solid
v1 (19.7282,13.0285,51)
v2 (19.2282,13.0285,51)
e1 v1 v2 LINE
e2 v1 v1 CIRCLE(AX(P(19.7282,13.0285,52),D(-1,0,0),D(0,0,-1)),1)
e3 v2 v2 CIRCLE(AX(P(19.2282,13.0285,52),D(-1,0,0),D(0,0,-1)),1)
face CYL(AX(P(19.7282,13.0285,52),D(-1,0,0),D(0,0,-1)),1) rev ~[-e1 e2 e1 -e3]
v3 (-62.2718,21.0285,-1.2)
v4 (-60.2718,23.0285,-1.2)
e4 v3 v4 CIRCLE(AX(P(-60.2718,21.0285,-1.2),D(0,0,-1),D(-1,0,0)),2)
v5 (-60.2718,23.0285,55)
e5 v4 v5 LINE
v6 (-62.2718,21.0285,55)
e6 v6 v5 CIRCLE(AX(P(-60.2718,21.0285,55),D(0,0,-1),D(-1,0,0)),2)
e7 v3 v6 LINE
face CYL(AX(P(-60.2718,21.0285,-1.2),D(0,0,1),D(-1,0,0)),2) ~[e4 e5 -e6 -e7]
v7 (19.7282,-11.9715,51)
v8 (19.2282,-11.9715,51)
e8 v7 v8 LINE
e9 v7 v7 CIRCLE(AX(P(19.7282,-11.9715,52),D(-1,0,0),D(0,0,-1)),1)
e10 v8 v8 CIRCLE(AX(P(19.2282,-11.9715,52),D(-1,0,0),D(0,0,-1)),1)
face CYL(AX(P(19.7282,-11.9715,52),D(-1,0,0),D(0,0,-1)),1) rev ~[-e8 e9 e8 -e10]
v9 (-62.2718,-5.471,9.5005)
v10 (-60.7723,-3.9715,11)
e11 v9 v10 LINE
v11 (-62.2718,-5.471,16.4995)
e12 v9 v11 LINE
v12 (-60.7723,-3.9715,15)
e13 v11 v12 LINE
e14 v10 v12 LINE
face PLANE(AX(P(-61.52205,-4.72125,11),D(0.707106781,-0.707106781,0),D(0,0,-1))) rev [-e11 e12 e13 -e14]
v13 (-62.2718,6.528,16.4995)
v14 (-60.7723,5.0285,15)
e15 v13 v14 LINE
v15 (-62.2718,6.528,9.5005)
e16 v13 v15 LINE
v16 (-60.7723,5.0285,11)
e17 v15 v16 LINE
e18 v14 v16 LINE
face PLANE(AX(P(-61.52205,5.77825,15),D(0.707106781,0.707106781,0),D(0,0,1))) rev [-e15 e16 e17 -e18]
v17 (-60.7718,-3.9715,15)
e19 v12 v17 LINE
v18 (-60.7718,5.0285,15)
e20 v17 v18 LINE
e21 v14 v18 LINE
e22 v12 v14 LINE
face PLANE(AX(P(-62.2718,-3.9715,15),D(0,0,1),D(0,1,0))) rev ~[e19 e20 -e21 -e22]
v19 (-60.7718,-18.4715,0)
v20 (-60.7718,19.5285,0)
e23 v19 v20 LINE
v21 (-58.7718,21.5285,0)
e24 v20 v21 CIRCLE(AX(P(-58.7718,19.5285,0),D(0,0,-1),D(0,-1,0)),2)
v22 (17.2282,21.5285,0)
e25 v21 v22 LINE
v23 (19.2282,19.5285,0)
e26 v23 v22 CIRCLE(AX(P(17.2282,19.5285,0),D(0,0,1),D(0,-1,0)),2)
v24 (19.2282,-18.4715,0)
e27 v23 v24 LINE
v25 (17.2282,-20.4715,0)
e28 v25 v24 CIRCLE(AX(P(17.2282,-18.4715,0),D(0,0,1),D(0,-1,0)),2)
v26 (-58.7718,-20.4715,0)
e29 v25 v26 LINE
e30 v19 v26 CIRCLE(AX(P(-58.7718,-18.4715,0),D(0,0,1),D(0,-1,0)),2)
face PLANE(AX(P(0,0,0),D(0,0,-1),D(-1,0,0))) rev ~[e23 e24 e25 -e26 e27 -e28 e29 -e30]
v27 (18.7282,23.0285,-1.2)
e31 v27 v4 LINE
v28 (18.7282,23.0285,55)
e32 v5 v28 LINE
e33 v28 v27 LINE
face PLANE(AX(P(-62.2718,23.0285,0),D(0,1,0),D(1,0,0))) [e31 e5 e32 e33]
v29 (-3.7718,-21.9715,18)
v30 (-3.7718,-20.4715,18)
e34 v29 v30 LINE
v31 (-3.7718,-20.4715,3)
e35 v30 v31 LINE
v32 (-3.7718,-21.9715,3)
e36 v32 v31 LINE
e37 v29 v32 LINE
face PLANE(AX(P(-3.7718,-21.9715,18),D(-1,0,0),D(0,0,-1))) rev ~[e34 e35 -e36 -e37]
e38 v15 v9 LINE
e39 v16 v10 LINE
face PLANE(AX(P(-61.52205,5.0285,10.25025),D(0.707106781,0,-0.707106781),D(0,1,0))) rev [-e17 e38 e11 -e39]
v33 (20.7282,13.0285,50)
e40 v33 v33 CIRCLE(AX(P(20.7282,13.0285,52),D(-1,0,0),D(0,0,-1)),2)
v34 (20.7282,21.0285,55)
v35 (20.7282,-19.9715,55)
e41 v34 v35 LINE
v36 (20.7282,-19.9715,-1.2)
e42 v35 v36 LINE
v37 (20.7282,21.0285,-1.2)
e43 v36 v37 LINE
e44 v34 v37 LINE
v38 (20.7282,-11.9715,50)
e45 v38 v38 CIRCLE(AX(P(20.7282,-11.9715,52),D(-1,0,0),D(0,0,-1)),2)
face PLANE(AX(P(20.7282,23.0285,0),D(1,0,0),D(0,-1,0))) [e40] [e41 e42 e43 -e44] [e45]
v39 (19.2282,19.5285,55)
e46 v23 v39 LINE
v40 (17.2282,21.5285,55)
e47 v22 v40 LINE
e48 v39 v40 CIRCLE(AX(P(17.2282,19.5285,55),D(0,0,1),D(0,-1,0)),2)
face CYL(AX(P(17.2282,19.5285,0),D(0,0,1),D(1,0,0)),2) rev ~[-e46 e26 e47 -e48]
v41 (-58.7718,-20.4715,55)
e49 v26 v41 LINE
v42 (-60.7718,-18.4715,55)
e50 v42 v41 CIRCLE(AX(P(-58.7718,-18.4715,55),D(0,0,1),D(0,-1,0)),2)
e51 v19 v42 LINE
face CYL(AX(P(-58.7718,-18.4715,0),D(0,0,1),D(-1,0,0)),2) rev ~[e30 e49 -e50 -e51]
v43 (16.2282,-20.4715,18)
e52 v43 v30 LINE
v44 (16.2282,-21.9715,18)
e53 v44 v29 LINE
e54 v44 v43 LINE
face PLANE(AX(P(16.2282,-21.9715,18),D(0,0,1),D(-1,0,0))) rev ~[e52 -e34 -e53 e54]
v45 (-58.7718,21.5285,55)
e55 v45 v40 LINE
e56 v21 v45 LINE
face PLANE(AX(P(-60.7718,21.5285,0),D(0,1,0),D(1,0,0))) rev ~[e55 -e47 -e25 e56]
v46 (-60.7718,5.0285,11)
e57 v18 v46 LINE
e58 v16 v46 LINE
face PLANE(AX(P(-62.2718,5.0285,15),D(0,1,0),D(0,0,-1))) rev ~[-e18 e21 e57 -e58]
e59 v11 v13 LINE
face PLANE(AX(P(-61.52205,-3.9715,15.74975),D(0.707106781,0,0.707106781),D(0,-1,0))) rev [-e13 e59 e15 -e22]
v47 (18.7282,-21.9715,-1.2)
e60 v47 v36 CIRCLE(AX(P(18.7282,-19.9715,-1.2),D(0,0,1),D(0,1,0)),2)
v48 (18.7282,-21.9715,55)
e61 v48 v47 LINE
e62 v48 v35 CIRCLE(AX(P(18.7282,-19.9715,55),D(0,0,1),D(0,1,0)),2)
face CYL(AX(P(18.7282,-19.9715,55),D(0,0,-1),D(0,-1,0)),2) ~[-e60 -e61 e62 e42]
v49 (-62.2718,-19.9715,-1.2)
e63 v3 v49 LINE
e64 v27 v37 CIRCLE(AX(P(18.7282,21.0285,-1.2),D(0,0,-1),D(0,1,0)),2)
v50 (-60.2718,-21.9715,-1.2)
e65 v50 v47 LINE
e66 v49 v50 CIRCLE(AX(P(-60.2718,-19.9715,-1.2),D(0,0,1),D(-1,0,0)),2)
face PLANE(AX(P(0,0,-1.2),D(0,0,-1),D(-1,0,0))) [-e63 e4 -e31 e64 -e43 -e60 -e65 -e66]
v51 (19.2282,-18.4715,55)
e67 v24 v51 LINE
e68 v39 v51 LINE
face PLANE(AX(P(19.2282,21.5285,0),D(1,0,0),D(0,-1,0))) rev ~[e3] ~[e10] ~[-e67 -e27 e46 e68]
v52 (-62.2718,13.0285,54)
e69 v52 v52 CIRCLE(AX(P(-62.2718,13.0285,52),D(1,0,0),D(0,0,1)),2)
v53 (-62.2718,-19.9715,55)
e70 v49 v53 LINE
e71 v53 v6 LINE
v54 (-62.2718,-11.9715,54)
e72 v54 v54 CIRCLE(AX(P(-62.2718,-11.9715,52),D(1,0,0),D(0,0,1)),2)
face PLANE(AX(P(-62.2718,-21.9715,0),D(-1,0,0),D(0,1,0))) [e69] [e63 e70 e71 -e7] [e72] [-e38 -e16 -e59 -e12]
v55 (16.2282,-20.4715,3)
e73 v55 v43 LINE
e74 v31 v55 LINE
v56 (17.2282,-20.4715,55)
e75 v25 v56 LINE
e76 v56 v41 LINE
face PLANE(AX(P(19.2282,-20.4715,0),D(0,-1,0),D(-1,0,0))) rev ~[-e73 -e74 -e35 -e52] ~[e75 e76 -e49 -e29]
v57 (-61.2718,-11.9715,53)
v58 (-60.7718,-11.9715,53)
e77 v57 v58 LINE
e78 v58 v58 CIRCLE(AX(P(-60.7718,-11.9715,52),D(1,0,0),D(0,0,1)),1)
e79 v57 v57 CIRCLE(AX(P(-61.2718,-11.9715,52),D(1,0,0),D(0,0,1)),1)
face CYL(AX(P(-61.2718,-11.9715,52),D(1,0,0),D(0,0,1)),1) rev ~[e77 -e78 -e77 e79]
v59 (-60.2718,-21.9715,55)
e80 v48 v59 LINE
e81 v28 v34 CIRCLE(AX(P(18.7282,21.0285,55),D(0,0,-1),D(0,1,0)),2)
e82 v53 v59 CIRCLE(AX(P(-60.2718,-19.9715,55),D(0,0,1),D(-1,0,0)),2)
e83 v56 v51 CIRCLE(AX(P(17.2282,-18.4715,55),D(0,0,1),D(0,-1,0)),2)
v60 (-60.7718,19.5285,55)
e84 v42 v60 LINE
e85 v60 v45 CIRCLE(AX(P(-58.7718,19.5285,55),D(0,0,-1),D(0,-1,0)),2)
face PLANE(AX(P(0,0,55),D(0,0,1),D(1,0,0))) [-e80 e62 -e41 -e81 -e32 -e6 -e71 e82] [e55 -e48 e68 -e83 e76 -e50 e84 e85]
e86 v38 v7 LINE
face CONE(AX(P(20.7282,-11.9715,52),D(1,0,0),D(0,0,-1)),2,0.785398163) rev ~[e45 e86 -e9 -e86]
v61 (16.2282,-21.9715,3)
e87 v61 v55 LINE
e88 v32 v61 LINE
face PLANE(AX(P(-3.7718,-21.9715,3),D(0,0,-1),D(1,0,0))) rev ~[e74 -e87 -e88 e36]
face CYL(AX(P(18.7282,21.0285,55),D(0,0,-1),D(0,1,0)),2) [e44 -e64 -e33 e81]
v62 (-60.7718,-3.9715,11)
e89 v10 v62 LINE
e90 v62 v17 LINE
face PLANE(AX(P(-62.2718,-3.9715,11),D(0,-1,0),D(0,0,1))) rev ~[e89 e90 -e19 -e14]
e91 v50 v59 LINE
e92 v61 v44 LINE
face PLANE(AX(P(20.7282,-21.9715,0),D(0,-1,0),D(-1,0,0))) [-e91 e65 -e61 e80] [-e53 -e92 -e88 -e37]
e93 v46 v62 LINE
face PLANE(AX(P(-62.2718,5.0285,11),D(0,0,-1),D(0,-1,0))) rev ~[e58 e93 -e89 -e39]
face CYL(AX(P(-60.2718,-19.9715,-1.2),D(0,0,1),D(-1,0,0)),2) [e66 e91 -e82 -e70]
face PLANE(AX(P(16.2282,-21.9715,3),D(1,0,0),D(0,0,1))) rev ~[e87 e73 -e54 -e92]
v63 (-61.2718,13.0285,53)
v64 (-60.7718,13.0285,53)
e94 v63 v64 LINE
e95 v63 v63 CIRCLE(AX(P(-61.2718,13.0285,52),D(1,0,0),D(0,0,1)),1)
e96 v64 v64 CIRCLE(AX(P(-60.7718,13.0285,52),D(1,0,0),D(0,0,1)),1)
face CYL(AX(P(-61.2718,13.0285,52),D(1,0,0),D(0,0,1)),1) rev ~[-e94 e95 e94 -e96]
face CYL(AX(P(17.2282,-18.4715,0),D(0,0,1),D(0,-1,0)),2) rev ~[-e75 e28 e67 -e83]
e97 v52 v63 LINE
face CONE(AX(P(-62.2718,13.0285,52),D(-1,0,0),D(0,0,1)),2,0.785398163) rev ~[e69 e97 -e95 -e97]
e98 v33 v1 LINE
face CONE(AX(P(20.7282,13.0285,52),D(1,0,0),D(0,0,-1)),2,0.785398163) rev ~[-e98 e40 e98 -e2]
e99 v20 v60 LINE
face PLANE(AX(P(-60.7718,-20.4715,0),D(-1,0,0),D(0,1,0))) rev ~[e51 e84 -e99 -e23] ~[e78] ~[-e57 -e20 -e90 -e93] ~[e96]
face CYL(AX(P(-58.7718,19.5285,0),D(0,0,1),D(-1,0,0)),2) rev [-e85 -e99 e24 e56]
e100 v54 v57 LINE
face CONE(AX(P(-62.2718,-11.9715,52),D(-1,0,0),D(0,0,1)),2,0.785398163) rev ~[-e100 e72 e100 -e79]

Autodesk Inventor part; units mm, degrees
ref_plane "YZ Plane" through (0, 0, 0) normal (1, 0, 0) x (0, 1, 0)
ref_plane "XZ Plane" through (0, 0, 0) normal (0, 1, 0) x (-1, 0, 0)
ref_plane "XY Plane" through (0, 0, 0) normal (0, 0, 1) x (1, 0, 0)
sketch "Sketch1" plane through (0, 0, 0) normal (0, 0, 1) x (1, 0, 0)
  line L0 (-60.7718, 21.5285) -> (19.2282, 21.5285)
  line L1 (19.2282, 21.5285) -> (19.2282, -20.4715)
  line L2 (19.2282, -20.4715) -> (-60.7718, -20.4715)
  line L3 (-60.7718, -20.4715) -> (-60.7718, 21.5285)
  line L4 (-62.2718, 23.0285) -> (20.7282, 23.0285)
  line L5 (20.7282, 23.0285) -> (20.7282, -21.9715)
  line L6 (20.7282, -21.9715) -> (-62.2718, -21.9715)
  line L7 (-62.2718, -21.9715) -> (-62.2718, 23.0285)
  point P0 (0, 0)
  dimension "d0" = 80
  dimension "d1" = 42
  dimension "d2" = 1.5
  dimension "d3" = 1.5
  dimension "d4" = 1.5
  dimension "d5" = 1.5
extrude "Extrusion1" add sketch "Sketch1" along normal blind 55
sketch "Sketch2" plane through (0, 0, 0) normal (0, 0, -1) x (-1, 0, 0)
  line L0 (-20.7282, 23.0285) -> (62.2718, 23.0285) projected
  line L1 (62.2718, -21.9715) -> (-20.7282, -21.9715) projected
  line L2 (-20.7282, 23.0285) -> (62.2718, 23.0285)
  line L3 (62.2718, 23.0285) -> (62.2718, -21.9715)
  line L4 (62.2718, -21.9715) -> (-20.7282, -21.9715)
  line L5 (-20.7282, -21.9715) -> (-20.7282, 23.0285)
  point P0 (0, 0)
  point P1 (62.2718, 23.0285)
extrude "Extrusion2" add sketch "Sketch2" along normal blind 1.2
sketch "Sketch3" plane through (-62.2718, -21.9715, 55) normal (-1, 0, 0) x (0, 0, 1)
  line L0 (-40, 27) -> (-44, 27)
  line L1 (-44, 27) -> (-44, 18)
  line L2 (-44, 18) -> (-40, 18)
  line L3 (-40, 18) -> (-40, 27)
  line L4 (-55, 1.5) -> (-55, 43.5) projected
  line L5 (-55, 1.5) -> (0, 1.5) projected
  line L6 (-55, 43.5) -> (0, 43.5) projected
  point P0 (-55, 21.9715)
  dimension "d10" = 11
  dimension "d11" = 15
  dimension "d12" = 9
  dimension "d13" = 16.5
  dimension "d14" = 16.5
extrude "Extrusion3" cut sketch "Sketch3" against normal blind 2
chamfer "Chamfer1" distance 1.5 angle 45 4 edges at (-62.2718, 0.5285, 15) (-62.2718, 0.5285, 11) (-62.2718, 5.0285, 13) (-62.2718, -3.9715, 13)
sketch "Sketch4" plane through (-62.2718, -21.9715, 55) normal (0, -1, 0) x (1, 0, 0)
  line L0 (58.5, -52) -> (78.5, -52)
  line L1 (78.5, -52) -> (78.5, -37)
  line L2 (78.5, -37) -> (58.5, -37)
  line L3 (58.5, -37) -> (58.5, -52)
  line L4 (81.5, -55) -> (1.5, -55) projected
  line L5 (81.5, -55) -> (81.5, 0) projected
  point P0 (62.2718, -55)
  dimension "d20" = 3
  dimension "d21" = 3
  dimension "d22" = 20
  dimension "d23" = 15
extrude "Extrusion4" cut sketch "Sketch4" against normal blind 2
fillet "Fillet1" radius 2 8 edges at (19.2282, 21.5285, 27.5) (20.7282, 23.0285, 26.9) (19.2282, -20.4715, 27.5) (20.7282, -21.9715, 26.9) (-60.7718, -20.4715, 27.5) (-62.2718, -21.9715, 26.9) (-60.7718, 21.5285, 27.5) (-62.2718, 23.0285, 26.9)
sketch "Sketch5" plane through (-62.2718, -19.9715, -1.2) normal (-1, 0, 0) x (0, 0, 1)
  line L0 (56.2, 41) -> (56.2, 0) projected
  line L1 (0, -2) -> (56.2, -2) projected
  line L2 (56.2, 43) -> (0, 43) projected
  point P0 (1.2, 19.9715)
  point P1 (53.2, 8)
  point P2 (53.2, 33)
  dimension "d27" = 3
  dimension "d28" = 3
  dimension "d29" = 10
  dimension "d30" = 10
hole "Hole1" at (-62.2718, -11.9715, 52) at (-62.2718, 13.0285, 52) direction (1, 0, 0) diameter 2 depth 10 tip angle 179 countersink diameter 4 countersink angle 90
sketch "Sketch6" plane through (20.7282, -19.9715, -1.2) normal (1, 0, 0) x (0, 0, -1)
  circle A0 centre (-53.2, 33) radius 1 projected
  circle A1 centre (-53.2, 8) radius 1 projected
  point P0 (-1.2, 19.9715)
hole "Hole2" at (20.7282, 13.0285, 52) at (20.7282, -11.9715, 52) direction (-1, 0, 0) diameter 2 depth 10 tip angle 179 countersink diameter 4 countersink angle 90
properties part number "battery case"
